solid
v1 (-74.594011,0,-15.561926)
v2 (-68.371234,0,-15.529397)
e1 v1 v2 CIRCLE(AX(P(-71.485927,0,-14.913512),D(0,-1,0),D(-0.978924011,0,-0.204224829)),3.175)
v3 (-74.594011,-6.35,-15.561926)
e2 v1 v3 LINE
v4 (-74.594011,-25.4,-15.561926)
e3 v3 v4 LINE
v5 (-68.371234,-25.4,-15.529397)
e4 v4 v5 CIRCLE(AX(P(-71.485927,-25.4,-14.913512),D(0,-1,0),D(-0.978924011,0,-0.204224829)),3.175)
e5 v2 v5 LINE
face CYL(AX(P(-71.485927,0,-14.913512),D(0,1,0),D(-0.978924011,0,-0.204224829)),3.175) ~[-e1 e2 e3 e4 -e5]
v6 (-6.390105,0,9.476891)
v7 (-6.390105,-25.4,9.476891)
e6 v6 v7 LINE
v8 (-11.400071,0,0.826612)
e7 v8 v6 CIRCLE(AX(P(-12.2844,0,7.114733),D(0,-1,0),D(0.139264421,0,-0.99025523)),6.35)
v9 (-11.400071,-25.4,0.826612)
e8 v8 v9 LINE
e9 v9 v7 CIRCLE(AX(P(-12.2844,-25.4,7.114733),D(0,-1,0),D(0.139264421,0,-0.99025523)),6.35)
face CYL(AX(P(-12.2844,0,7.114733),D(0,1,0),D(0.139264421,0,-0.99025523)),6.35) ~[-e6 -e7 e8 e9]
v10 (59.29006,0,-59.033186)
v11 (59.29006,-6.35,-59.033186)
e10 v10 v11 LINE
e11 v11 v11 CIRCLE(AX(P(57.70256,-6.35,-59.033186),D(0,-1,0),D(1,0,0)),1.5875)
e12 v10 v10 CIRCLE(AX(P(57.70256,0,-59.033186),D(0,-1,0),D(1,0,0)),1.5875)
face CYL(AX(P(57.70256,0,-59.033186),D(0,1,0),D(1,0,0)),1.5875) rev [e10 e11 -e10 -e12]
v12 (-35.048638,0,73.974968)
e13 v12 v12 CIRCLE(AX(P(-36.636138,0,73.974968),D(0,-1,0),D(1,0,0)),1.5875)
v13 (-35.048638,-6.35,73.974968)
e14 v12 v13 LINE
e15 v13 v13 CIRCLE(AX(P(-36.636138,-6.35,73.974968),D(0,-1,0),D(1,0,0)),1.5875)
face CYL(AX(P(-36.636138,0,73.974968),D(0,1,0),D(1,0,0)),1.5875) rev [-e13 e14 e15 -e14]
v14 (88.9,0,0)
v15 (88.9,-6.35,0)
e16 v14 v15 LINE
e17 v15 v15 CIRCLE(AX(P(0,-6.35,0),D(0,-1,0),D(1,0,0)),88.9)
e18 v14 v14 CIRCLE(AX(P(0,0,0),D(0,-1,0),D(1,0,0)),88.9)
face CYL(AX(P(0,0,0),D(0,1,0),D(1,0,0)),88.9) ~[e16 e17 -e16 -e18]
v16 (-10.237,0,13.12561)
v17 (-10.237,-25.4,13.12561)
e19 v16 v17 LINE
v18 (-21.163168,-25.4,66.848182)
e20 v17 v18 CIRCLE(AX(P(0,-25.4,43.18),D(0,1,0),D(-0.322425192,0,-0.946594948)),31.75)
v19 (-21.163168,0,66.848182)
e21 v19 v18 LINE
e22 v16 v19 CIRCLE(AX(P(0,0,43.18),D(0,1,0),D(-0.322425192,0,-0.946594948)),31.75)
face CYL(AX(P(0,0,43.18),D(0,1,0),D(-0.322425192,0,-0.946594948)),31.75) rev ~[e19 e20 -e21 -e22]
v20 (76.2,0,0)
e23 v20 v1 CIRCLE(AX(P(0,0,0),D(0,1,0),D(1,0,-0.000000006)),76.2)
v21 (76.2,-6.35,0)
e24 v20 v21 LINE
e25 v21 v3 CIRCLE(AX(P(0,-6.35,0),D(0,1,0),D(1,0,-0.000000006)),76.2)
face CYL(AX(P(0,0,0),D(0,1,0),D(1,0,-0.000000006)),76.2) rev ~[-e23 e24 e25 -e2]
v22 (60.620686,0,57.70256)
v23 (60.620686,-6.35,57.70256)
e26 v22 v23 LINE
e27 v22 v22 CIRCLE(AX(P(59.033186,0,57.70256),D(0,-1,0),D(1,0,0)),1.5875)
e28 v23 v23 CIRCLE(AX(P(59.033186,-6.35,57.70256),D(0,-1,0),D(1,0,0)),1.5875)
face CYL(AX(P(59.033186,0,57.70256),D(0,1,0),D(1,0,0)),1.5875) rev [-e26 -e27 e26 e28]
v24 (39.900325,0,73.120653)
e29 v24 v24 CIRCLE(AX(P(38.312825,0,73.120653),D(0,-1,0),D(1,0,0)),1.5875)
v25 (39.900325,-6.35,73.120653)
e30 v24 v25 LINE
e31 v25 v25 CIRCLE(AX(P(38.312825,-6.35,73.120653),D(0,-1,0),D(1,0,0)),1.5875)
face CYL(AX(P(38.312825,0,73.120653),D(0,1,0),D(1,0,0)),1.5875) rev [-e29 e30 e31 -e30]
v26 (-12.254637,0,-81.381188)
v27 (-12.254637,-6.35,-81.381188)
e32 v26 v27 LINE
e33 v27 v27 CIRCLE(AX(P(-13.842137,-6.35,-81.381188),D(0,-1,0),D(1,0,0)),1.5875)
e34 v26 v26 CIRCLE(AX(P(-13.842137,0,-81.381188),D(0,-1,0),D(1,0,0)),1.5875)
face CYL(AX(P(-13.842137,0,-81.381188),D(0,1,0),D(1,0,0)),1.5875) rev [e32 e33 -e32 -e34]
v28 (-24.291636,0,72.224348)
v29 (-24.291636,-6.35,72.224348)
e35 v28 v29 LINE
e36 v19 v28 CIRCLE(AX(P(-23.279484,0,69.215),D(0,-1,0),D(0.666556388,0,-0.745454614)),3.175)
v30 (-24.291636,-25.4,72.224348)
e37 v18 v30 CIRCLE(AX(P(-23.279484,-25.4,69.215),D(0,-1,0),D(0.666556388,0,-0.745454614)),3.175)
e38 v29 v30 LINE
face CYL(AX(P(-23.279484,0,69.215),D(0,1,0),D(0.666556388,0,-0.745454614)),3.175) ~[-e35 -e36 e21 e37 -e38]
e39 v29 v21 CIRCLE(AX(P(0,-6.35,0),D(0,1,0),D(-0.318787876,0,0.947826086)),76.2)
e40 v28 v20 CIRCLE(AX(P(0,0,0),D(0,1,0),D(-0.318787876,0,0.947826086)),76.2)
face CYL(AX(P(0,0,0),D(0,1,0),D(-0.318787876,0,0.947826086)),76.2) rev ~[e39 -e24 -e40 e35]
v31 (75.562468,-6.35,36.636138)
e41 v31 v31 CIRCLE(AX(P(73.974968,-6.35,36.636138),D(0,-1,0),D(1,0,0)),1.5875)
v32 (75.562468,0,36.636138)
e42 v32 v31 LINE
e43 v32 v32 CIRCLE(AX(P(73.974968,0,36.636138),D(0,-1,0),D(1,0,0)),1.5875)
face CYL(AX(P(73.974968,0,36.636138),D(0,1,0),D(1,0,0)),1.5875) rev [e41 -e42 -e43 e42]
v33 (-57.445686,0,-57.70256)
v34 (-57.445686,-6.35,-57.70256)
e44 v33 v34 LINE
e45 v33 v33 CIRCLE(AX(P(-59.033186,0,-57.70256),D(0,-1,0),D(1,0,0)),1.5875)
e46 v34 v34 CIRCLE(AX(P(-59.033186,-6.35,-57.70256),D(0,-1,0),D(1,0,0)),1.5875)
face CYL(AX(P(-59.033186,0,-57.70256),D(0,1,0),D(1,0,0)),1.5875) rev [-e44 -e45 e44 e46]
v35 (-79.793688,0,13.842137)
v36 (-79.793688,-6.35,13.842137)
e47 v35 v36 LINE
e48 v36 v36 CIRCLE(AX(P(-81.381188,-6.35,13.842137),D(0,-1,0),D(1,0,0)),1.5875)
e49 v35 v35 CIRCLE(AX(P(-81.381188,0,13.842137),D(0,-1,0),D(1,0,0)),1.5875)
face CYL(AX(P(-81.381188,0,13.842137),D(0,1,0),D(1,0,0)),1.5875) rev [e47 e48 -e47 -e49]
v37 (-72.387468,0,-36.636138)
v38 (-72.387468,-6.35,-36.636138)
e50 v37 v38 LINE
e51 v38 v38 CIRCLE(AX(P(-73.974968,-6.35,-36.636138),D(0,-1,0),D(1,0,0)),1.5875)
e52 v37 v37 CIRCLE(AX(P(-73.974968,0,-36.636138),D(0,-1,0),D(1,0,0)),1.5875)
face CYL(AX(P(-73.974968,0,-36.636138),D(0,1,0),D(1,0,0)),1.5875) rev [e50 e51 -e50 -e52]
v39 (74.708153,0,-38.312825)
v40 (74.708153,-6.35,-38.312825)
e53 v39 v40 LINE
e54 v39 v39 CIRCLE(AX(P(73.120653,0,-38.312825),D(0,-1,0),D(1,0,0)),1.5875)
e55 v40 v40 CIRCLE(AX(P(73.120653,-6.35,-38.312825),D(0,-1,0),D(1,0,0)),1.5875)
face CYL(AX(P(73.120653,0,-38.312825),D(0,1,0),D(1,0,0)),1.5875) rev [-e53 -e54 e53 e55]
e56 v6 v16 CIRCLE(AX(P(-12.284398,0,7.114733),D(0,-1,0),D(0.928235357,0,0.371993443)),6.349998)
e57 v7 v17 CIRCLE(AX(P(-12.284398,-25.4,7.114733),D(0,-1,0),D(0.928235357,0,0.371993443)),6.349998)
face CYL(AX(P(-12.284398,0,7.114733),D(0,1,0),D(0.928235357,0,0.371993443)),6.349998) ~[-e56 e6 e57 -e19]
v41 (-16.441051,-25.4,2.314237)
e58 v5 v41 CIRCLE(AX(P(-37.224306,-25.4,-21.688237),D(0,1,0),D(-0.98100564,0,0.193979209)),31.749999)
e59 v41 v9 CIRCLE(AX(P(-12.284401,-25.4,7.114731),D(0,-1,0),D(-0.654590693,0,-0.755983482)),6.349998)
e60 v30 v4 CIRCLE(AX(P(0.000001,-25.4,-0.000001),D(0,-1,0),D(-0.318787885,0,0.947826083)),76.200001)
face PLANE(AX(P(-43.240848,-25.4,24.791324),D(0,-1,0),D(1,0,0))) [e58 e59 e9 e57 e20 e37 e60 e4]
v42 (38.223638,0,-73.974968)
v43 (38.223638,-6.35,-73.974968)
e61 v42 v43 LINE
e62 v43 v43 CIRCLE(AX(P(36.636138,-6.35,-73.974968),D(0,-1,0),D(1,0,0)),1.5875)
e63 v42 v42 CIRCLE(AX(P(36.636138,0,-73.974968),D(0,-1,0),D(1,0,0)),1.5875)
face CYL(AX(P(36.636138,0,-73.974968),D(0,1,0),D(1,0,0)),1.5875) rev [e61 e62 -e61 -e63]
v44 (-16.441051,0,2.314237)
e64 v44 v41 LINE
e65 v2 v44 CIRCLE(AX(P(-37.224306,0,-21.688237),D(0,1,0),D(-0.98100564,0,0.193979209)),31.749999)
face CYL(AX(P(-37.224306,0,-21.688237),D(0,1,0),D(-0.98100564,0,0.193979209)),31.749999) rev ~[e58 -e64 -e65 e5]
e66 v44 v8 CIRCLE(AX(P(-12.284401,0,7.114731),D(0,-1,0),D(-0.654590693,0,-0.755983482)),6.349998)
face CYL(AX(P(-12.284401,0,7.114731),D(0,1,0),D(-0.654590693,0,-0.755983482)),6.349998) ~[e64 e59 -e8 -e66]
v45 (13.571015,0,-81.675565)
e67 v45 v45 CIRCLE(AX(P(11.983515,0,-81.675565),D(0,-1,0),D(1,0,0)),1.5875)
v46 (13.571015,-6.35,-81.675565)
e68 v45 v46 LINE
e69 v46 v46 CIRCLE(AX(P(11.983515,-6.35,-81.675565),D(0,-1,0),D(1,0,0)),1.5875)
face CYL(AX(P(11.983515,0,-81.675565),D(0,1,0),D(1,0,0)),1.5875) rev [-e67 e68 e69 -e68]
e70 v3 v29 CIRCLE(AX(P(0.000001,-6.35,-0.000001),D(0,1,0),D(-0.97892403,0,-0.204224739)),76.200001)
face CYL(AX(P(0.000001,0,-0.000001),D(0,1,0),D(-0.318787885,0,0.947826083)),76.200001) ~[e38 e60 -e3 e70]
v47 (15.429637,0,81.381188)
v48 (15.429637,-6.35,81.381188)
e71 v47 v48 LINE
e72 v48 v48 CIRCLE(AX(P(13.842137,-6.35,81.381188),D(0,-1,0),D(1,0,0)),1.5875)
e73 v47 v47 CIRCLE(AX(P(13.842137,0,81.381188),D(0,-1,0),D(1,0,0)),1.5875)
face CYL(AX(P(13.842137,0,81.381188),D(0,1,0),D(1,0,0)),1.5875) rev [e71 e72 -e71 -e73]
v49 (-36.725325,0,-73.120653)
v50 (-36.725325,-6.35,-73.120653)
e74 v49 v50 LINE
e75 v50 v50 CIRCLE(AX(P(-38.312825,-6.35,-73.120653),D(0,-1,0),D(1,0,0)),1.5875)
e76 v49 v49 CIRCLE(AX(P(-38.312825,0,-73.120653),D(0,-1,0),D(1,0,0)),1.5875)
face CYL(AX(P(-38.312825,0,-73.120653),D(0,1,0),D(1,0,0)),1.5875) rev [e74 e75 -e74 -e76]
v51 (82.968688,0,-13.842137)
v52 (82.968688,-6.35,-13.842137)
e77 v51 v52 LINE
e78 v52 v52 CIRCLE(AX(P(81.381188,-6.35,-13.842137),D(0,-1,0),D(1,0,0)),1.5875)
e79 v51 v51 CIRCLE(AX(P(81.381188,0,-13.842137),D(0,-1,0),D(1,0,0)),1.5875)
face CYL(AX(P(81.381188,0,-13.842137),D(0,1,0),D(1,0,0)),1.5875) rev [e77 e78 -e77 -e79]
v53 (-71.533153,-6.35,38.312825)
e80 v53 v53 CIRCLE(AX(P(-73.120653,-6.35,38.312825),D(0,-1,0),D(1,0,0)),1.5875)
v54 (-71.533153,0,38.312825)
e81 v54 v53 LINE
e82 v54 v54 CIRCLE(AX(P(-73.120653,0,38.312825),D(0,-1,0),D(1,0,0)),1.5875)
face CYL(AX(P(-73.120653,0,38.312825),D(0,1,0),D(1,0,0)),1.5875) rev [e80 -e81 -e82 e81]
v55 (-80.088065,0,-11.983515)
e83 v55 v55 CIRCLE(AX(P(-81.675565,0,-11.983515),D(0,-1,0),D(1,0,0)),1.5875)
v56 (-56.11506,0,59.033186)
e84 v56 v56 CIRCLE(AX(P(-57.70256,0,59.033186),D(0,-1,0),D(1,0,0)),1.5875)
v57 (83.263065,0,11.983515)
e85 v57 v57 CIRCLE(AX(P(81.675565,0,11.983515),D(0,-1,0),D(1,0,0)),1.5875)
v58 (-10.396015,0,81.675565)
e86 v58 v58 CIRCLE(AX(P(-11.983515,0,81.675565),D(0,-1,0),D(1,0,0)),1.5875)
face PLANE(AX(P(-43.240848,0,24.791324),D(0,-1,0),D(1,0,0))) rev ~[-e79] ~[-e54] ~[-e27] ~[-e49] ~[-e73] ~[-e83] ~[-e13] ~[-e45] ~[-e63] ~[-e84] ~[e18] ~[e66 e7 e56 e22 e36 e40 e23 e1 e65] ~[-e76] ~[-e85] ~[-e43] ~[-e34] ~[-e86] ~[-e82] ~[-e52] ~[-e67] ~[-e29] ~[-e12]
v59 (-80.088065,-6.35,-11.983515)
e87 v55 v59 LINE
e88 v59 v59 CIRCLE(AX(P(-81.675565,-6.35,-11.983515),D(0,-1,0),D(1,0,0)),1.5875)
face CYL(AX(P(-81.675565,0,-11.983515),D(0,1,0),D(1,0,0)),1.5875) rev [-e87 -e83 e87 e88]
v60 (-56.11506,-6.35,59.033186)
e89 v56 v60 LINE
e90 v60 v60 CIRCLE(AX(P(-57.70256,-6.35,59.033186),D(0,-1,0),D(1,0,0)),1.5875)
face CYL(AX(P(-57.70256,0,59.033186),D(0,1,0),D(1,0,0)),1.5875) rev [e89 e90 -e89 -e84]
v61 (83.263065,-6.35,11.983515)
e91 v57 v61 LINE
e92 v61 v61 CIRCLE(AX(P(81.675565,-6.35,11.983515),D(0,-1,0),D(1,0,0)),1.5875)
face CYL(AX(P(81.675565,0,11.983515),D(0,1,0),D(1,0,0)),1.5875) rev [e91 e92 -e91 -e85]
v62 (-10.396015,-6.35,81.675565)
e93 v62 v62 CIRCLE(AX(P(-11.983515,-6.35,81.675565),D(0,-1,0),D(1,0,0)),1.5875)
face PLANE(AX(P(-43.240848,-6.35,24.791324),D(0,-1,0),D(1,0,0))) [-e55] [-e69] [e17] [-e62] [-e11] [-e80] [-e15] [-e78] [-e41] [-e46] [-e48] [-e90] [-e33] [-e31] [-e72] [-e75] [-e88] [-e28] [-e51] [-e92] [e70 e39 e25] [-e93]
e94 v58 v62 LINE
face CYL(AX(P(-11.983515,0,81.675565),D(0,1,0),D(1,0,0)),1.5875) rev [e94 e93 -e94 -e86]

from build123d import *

# Parameters (mm, degrees)
F0_R     = 88.9
F0_R_2   = 1.5875
F1_DEPTH = 6.35
F2_DEPTH = 25.4


with BuildPart() as f1:
    # F0 (on Front) → F1 (new body)
    with BuildSketch(Plane.XZ):
        with BuildLine():
            ThreePointArc((-21.163168, 66.848182), (-20.535293, 70.811884), (-24.291636, 72.224348))
            ThreePointArc((-24.291636, 72.224348), (-66.115053, 37.884558), (-74.594011, -15.561926))
            ThreePointArc((-74.594011, -15.561926), (-71.46933, -18.088469), (-68.371234, -15.529397))
            ThreePointArc((-68.371234, -15.529397), (-47.541779, 8.338621), (-16.441051, 2.314237))
            ThreePointArc((-16.441051, 2.314237), (-14.081698, 1.024394), (-11.400071, 0.826612))
            ThreePointArc((-11.400071, 0.826612), (-6.789469, 3.932244), (-6.390105, 9.476891))
            ThreePointArc((-6.390105, 9.476891), (-7.914512, 11.721964), (-10.237, 13.12561))
            ThreePointArc((-10.237, 13.12561), (-31.113041, 36.852188), (-21.163168, 66.848182))
        make_face()
        Circle(F0_R)
        with Locations((-59.033186, -57.70256)):
            Circle(F0_R_2, mode=Mode.SUBTRACT)
        with Locations((-38.312825, -73.120653)):
            Circle(F0_R_2, mode=Mode.SUBTRACT)
        with Locations((-13.842137, -81.381188)):
            Circle(F0_R_2, mode=Mode.SUBTRACT)
        with Locations((-73.974968, -36.636138)):
            Circle(F0_R_2, mode=Mode.SUBTRACT)
        with Locations((-81.675565, -11.983515)):
            Circle(F0_R_2, mode=Mode.SUBTRACT)
        with Locations((11.983515, -81.675565)):
            Circle(F0_R_2, mode=Mode.SUBTRACT)
        with Locations((36.636138, -73.974968)):
            Circle(F0_R_2, mode=Mode.SUBTRACT)
        with Locations((57.70256, -59.033186)):
            Circle(F0_R_2, mode=Mode.SUBTRACT)
        with Locations((73.120653, -38.312825)):
            Circle(F0_R_2, mode=Mode.SUBTRACT)
        with Locations((81.381188, -13.842137)):
            Circle(F0_R_2, mode=Mode.SUBTRACT)
        with Locations((-81.381188, 13.842137)):
            Circle(F0_R_2, mode=Mode.SUBTRACT)
        with Locations((-73.120653, 38.312825)):
            Circle(F0_R_2, mode=Mode.SUBTRACT)
        with Locations((-57.70256, 59.033186)):
            Circle(F0_R_2, mode=Mode.SUBTRACT)
        with Locations((-36.636138, 73.974968)):
            Circle(F0_R_2, mode=Mode.SUBTRACT)
        with Locations((-11.983515, 81.675565)):
            Circle(F0_R_2, mode=Mode.SUBTRACT)
        with BuildLine():
            ThreePointArc((-24.291636, 72.224348), (44.471437, 61.876743), (76.2, 0))
            ThreePointArc((76.2, 0), (7.822288, -75.797439), (-74.594011, -15.561926))
            ThreePointArc((-74.594011, -15.561926), (-66.115053, 37.884558), (-24.291636, 72.224348))
        make_face(mode=Mode.SUBTRACT)
        with Locations((81.675565, 11.983515)):
            Circle(F0_R_2, mode=Mode.SUBTRACT)
        with Locations((73.974968, 36.636138)):
            Circle(F0_R_2, mode=Mode.SUBTRACT)
        with Locations((13.842137, 81.381188)):
            Circle(F0_R_2, mode=Mode.SUBTRACT)
        with Locations((38.312825, 73.120653)):
            Circle(F0_R_2, mode=Mode.SUBTRACT)
        with Locations((59.033186, 57.70256)):
            Circle(F0_R_2, mode=Mode.SUBTRACT)
    extrude(amount=F1_DEPTH)

    # F0 (on Front) → F2 (join)
    with BuildSketch(Plane.XZ):
        with BuildLine():
            ThreePointArc((-21.163168, 66.848182), (-20.535293, 70.811884), (-24.291636, 72.224348))
            ThreePointArc((-24.291636, 72.224348), (-66.115053, 37.884558), (-74.594011, -15.561926))
            ThreePointArc((-74.594011, -15.561926), (-71.46933, -18.088469), (-68.371234, -15.529397))
            ThreePointArc((-68.371234, -15.529397), (-47.541779, 8.338621), (-16.441051, 2.314237))
            ThreePointArc((-16.441051, 2.314237), (-14.081698, 1.024394), (-11.400071, 0.826612))
            ThreePointArc((-11.400071, 0.826612), (-6.789469, 3.932244), (-6.390105, 9.476891))
            ThreePointArc((-6.390105, 9.476891), (-7.914512, 11.721964), (-10.237, 13.12561))
            ThreePointArc((-10.237, 13.12561), (-31.113041, 36.852188), (-21.163168, 66.848182))
        make_face()
    extrude(amount=F2_DEPTH)


solid = f1.part
